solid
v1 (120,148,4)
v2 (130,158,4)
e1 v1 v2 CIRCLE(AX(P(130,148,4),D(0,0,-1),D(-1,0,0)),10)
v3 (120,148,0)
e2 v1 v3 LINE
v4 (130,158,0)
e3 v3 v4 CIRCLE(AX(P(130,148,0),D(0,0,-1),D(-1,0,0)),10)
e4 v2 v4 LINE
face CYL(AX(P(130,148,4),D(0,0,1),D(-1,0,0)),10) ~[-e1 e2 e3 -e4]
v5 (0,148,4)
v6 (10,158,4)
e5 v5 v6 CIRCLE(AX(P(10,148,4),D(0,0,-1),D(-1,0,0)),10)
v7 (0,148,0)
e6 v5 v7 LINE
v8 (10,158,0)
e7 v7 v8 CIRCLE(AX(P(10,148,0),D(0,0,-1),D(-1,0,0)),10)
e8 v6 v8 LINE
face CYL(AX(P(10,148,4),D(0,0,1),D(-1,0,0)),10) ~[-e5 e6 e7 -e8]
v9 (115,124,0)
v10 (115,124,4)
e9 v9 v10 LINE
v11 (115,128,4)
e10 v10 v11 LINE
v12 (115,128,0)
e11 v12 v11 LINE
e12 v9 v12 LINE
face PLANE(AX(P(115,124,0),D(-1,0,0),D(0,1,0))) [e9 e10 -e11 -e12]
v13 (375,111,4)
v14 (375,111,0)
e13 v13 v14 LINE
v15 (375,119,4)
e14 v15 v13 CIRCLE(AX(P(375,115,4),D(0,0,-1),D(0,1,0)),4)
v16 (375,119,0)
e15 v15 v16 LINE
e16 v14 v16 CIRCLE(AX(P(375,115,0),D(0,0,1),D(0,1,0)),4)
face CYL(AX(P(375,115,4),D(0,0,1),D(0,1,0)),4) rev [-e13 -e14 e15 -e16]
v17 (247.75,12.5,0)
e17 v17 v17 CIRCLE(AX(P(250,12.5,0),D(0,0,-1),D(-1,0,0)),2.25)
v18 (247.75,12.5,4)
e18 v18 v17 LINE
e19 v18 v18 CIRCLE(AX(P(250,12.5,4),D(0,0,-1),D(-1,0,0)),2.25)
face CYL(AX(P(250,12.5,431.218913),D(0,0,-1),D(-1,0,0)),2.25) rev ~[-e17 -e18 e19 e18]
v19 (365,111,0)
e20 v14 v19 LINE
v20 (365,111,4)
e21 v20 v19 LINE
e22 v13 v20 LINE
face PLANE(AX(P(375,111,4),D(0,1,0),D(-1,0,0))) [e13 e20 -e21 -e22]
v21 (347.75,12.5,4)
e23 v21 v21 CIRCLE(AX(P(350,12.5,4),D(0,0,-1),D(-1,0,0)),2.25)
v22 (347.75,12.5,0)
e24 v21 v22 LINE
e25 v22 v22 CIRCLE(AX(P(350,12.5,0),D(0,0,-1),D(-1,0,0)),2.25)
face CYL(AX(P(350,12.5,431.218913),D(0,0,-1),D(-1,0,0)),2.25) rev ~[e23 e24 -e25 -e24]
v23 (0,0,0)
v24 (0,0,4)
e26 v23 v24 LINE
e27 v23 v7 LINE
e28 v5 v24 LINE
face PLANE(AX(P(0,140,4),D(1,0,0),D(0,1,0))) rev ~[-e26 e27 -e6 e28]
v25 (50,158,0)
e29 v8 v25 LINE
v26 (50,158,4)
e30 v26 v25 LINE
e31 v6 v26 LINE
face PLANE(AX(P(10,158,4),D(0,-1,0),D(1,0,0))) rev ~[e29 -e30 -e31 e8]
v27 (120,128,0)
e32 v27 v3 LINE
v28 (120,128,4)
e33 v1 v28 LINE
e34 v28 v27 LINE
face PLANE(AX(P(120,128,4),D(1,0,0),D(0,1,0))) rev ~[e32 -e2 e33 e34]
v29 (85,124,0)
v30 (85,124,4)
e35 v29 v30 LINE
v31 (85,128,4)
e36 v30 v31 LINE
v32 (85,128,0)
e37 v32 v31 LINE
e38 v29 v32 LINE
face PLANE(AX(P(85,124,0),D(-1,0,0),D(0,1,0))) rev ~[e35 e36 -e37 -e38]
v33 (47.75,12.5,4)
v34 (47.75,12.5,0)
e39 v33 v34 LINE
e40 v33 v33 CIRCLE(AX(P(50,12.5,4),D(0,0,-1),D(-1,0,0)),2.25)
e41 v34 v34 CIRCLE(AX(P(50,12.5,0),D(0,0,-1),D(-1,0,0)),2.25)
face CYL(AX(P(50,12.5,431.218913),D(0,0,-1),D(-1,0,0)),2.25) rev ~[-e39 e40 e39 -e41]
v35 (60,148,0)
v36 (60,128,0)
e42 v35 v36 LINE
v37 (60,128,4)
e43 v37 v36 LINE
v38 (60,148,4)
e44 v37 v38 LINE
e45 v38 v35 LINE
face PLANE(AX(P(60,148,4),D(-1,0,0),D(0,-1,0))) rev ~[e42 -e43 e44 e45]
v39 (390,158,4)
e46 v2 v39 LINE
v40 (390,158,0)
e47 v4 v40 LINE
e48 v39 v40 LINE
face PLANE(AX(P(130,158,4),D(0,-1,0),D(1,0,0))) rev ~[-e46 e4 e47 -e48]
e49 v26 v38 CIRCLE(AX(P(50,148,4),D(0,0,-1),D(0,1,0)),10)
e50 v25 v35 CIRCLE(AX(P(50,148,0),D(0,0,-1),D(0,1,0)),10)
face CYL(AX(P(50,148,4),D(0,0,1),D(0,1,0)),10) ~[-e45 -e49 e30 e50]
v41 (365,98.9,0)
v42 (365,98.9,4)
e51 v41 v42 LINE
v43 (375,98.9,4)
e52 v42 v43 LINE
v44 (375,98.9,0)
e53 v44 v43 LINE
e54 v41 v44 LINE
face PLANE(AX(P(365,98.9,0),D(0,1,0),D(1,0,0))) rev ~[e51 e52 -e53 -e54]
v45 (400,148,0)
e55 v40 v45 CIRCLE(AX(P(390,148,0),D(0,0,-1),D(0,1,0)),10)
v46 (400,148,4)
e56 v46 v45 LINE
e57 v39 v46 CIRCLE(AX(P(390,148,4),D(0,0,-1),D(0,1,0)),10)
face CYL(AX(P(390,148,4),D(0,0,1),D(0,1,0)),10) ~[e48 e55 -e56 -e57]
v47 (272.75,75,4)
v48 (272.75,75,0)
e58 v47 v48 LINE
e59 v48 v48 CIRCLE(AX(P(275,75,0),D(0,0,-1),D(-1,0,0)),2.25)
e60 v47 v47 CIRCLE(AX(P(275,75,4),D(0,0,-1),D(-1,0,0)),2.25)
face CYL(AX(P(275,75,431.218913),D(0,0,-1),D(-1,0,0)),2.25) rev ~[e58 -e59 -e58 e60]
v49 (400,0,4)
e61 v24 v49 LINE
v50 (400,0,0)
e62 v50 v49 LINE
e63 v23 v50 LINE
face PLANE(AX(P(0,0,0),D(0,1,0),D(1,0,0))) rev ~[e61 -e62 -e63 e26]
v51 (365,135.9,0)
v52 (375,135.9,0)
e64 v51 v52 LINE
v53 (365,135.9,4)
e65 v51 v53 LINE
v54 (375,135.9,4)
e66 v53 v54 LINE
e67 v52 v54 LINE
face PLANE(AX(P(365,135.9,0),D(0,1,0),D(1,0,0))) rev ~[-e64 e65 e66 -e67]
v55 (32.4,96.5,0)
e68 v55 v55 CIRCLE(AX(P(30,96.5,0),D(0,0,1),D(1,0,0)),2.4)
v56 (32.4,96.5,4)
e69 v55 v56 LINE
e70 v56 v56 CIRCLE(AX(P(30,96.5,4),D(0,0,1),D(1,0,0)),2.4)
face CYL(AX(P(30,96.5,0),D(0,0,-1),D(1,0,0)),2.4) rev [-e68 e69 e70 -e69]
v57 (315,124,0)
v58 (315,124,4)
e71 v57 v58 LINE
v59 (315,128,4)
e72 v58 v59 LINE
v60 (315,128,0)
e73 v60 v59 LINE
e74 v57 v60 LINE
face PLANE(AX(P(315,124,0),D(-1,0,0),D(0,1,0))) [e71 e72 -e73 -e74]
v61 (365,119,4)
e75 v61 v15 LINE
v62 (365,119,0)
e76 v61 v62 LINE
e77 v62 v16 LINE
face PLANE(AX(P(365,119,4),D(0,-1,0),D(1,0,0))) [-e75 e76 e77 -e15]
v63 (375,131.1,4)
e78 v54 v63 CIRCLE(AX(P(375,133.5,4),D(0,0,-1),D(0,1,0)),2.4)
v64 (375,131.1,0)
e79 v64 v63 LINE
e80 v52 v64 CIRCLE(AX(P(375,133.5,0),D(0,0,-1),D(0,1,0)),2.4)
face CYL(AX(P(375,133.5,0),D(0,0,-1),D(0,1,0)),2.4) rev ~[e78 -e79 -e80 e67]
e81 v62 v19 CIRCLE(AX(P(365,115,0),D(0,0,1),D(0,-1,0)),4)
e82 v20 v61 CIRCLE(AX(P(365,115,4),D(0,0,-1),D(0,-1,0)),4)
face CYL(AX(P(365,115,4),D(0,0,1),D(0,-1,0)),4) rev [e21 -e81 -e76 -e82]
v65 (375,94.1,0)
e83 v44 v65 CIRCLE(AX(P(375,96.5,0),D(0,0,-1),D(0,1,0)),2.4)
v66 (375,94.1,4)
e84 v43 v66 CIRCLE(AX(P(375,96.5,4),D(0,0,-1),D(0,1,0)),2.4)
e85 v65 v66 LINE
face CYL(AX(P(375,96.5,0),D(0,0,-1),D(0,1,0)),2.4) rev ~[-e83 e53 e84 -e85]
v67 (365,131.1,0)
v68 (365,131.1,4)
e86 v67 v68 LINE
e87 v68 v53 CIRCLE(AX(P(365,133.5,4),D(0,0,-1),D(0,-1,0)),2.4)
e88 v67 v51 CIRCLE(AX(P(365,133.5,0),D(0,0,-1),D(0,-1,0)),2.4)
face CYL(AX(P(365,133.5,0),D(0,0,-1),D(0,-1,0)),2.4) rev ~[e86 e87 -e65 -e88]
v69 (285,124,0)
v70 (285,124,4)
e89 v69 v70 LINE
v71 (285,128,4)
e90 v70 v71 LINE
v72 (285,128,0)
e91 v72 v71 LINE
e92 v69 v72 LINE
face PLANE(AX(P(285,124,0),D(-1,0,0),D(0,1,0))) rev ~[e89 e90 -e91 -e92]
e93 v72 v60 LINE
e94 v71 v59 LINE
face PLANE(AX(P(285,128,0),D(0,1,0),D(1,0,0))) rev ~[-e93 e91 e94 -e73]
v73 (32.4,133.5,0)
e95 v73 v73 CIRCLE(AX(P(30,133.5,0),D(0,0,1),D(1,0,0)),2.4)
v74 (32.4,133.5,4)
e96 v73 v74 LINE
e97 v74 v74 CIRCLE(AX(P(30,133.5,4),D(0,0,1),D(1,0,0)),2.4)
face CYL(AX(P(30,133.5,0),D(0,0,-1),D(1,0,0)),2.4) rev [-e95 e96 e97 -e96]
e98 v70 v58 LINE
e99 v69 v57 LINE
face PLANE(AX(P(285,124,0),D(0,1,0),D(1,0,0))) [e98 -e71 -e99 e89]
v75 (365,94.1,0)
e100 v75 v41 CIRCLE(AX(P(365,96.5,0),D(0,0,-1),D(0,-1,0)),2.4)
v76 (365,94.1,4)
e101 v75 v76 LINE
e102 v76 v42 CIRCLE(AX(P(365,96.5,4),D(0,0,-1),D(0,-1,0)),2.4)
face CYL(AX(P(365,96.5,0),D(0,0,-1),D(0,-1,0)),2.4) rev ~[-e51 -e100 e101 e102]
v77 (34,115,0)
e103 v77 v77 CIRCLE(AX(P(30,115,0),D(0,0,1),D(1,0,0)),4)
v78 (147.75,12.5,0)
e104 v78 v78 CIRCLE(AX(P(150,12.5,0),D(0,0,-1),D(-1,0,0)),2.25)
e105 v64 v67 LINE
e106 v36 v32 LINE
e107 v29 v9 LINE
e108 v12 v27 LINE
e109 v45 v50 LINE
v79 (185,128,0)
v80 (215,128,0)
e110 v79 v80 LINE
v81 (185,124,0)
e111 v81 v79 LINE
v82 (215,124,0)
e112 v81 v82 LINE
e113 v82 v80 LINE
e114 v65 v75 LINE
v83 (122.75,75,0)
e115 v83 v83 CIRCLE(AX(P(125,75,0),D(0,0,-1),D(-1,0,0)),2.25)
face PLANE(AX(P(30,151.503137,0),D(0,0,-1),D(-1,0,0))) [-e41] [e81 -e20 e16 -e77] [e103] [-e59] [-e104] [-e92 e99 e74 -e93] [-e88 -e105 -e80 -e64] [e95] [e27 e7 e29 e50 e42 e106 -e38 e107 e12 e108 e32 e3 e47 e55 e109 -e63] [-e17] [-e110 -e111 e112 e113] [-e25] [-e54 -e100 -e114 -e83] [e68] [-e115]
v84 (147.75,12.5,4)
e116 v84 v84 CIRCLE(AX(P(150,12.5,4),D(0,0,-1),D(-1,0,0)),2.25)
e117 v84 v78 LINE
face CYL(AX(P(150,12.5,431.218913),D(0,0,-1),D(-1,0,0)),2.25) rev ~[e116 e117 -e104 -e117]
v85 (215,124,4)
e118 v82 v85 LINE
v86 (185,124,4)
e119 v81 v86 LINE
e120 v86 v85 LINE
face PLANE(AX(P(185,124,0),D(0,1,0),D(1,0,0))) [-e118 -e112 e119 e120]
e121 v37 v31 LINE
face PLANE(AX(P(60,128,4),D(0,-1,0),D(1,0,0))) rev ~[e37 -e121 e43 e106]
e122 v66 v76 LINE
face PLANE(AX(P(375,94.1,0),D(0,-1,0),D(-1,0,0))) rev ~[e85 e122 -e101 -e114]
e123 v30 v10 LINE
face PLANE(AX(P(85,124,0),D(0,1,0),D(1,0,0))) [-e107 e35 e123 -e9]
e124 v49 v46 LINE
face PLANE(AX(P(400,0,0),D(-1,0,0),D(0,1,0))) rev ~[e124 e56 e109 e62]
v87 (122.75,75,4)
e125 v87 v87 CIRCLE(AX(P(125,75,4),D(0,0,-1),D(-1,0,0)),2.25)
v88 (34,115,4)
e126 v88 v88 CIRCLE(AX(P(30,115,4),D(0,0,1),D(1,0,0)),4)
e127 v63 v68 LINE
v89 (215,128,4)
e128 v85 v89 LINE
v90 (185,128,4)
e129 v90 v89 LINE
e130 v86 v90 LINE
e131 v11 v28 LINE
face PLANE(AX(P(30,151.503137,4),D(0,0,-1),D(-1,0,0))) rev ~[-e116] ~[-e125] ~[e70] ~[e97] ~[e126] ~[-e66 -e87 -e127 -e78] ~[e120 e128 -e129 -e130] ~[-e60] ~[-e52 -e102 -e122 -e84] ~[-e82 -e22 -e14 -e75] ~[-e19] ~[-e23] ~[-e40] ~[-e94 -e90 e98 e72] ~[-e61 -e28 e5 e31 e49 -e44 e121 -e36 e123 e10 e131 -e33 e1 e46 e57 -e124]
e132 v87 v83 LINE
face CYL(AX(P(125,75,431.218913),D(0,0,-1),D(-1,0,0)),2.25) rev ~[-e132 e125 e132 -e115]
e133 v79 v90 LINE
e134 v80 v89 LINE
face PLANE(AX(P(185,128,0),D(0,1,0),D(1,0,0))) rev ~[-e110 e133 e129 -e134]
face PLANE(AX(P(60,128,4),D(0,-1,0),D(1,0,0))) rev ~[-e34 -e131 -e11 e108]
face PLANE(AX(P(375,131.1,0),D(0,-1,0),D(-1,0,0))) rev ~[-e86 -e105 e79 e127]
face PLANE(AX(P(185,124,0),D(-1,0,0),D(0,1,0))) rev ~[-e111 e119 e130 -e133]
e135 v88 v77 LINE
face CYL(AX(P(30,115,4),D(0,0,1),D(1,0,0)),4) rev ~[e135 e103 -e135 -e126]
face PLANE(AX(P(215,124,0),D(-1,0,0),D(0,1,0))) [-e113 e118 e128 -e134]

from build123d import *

# Parameters (mm, degrees)
ESBO_O1_R                = 2.4
ESBO_O1_W                = 30
ESBO_O1_H                = 4
RESSALTO_EXTRUS_O1_DEPTH = 4
ESBO_O3_R                = 4
CORTE_EXTRUS_O1_DEPTH    = 6
FURO_COM_FOLGA_DE_M41_D  = 4.5
ESBO_O7_W                = 60
ESBO_O7_H                = 2
CORTE_EXTRUS_O4_DEPTH    = 5
RESSALTO_EXTRUS_O2_DEPTH = 4


with BuildPart() as part:
    # Esboço1 → Ressalto-extrusão1 (new body)
    with BuildSketch(Plane.XY):
        with BuildLine():
            Line((0, 0), (400, 0))
            Line((400, 0), (400, 140))
            ThreePointArc((400, 140), (397.071067812, 147.071067812), (390, 150))
            Line((390, 150), (130, 150))
            ThreePointArc((130, 150), (122.928932188, 147.071067812), (120, 140))
            Line((120, 140), (120, 130))
            Line((120, 130), (60, 130))
            Line((60, 130), (60, 140))
            ThreePointArc((60, 140), (57.071067812, 147.071067812), (50, 150))
            Line((50, 150), (10, 150))
            ThreePointArc((10, 150), (2.928932188, 147.071067812), (0, 140))
            Line((0, 140), (0, 0))
        make_face()
        with Locations((30, 133.5)):
            Circle(ESBO_O1_R, mode=Mode.SUBTRACT)
        with Locations((30, 96.5)):
            Circle(ESBO_O1_R, mode=Mode.SUBTRACT)
        with Locations((100, 126)):
            Rectangle(ESBO_O1_W, ESBO_O1_H, mode=Mode.SUBTRACT)
        with Locations((200, 126)):
            Rectangle(ESBO_O1_W, ESBO_O1_H, mode=Mode.SUBTRACT)
        with Locations((300, 126)):
            Rectangle(ESBO_O1_W, ESBO_O1_H, mode=Mode.SUBTRACT)
        with BuildLine():
            Line((365, 135.9), (375, 135.9))
            ThreePointArc((375, 135.9), (377.4, 133.5), (375, 131.1))
            Line((375, 131.1), (365, 131.1))
            ThreePointArc((365, 131.1), (362.6, 133.5), (365, 135.9))
        make_face(mode=Mode.SUBTRACT)
        with BuildLine():
            Line((365, 98.9), (375, 98.9))
            ThreePointArc((375, 98.9), (377.4, 96.5), (375, 94.1))
            Line((375, 94.1), (365, 94.1))
            ThreePointArc((365, 94.1), (362.6, 96.5), (365, 98.9))
        make_face(mode=Mode.SUBTRACT)
    extrude(amount=RESSALTO_EXTRUS_O1_DEPTH)

    # Esboço3 → Corte-extrusão1 (cut)
    with BuildSketch(Plane.XY.offset(4)):
        with Locations((30, 115)):
            Circle(ESBO_O3_R)
        with BuildLine():
            Line((365, 119), (375, 119))
            ThreePointArc((375, 119), (379, 115), (375, 111))
            Line((375, 111), (365, 111))
            ThreePointArc((365, 111), (361, 115), (365, 119))
        make_face()
    extrude(amount=-CORTE_EXTRUS_O1_DEPTH, mode=Mode.SUBTRACT)

    # Furo com folga de M41 (through all)
    with Locations(Plane(origin=(350, 12.5, 4), x_dir=(1, 0, 0), z_dir=(0, 0, 1))):
        with Locations((0, 0), (-225, 62.5), (-75, 62.5), (-300, 0), (-200, 0), (-100, 0)):
            Hole(FURO_COM_FOLGA_DE_M41_D / 2)

    # Esboço7 → Corte-extrusão4 (cut, through all)
    with BuildSketch(Plane.XY.offset(4)):
        with Locations((90, 129)):
            Rectangle(ESBO_O7_W, ESBO_O7_H)
    extrude(amount=-CORTE_EXTRUS_O4_DEPTH, mode=Mode.SUBTRACT)

    # Esboço8 → Ressalto-extrusão2 (add)
    with BuildSketch(Plane.XY.offset(4)):
        with BuildLine():
            Line((10, 158), (50, 158))
            ThreePointArc((50, 158), (57.071067812, 155.071067812), (60, 148))
            Line((60, 148), (60, 140))
            ThreePointArc((60, 140), (57.071067812, 147.071067812), (50, 150))
            Line((50, 150), (10, 150))
            ThreePointArc((10, 150), (2.928932188, 147.071067812), (0, 140))
            Line((0, 140), (0, 148))
            ThreePointArc((0, 148), (2.928932188, 155.071067812), (10, 158))
        make_face()
        with BuildLine():
            Line((120, 140), (120, 148))
            ThreePointArc((120, 148), (122.928932188, 155.071067812), (130, 158))
            Line((130, 158), (390, 158))
            ThreePointArc((390, 158), (397.071067812, 155.071067812), (400, 148))
            Line((400, 148), (400, 140))
            ThreePointArc((400, 140), (397.071067812, 147.071067812), (390, 150))
            Line((390, 150), (130, 150))
            ThreePointArc((130, 150), (122.928932188, 147.071067812), (120, 140))
        make_face()
    extrude(amount=-RESSALTO_EXTRUS_O2_DEPTH)


solid = part.part
